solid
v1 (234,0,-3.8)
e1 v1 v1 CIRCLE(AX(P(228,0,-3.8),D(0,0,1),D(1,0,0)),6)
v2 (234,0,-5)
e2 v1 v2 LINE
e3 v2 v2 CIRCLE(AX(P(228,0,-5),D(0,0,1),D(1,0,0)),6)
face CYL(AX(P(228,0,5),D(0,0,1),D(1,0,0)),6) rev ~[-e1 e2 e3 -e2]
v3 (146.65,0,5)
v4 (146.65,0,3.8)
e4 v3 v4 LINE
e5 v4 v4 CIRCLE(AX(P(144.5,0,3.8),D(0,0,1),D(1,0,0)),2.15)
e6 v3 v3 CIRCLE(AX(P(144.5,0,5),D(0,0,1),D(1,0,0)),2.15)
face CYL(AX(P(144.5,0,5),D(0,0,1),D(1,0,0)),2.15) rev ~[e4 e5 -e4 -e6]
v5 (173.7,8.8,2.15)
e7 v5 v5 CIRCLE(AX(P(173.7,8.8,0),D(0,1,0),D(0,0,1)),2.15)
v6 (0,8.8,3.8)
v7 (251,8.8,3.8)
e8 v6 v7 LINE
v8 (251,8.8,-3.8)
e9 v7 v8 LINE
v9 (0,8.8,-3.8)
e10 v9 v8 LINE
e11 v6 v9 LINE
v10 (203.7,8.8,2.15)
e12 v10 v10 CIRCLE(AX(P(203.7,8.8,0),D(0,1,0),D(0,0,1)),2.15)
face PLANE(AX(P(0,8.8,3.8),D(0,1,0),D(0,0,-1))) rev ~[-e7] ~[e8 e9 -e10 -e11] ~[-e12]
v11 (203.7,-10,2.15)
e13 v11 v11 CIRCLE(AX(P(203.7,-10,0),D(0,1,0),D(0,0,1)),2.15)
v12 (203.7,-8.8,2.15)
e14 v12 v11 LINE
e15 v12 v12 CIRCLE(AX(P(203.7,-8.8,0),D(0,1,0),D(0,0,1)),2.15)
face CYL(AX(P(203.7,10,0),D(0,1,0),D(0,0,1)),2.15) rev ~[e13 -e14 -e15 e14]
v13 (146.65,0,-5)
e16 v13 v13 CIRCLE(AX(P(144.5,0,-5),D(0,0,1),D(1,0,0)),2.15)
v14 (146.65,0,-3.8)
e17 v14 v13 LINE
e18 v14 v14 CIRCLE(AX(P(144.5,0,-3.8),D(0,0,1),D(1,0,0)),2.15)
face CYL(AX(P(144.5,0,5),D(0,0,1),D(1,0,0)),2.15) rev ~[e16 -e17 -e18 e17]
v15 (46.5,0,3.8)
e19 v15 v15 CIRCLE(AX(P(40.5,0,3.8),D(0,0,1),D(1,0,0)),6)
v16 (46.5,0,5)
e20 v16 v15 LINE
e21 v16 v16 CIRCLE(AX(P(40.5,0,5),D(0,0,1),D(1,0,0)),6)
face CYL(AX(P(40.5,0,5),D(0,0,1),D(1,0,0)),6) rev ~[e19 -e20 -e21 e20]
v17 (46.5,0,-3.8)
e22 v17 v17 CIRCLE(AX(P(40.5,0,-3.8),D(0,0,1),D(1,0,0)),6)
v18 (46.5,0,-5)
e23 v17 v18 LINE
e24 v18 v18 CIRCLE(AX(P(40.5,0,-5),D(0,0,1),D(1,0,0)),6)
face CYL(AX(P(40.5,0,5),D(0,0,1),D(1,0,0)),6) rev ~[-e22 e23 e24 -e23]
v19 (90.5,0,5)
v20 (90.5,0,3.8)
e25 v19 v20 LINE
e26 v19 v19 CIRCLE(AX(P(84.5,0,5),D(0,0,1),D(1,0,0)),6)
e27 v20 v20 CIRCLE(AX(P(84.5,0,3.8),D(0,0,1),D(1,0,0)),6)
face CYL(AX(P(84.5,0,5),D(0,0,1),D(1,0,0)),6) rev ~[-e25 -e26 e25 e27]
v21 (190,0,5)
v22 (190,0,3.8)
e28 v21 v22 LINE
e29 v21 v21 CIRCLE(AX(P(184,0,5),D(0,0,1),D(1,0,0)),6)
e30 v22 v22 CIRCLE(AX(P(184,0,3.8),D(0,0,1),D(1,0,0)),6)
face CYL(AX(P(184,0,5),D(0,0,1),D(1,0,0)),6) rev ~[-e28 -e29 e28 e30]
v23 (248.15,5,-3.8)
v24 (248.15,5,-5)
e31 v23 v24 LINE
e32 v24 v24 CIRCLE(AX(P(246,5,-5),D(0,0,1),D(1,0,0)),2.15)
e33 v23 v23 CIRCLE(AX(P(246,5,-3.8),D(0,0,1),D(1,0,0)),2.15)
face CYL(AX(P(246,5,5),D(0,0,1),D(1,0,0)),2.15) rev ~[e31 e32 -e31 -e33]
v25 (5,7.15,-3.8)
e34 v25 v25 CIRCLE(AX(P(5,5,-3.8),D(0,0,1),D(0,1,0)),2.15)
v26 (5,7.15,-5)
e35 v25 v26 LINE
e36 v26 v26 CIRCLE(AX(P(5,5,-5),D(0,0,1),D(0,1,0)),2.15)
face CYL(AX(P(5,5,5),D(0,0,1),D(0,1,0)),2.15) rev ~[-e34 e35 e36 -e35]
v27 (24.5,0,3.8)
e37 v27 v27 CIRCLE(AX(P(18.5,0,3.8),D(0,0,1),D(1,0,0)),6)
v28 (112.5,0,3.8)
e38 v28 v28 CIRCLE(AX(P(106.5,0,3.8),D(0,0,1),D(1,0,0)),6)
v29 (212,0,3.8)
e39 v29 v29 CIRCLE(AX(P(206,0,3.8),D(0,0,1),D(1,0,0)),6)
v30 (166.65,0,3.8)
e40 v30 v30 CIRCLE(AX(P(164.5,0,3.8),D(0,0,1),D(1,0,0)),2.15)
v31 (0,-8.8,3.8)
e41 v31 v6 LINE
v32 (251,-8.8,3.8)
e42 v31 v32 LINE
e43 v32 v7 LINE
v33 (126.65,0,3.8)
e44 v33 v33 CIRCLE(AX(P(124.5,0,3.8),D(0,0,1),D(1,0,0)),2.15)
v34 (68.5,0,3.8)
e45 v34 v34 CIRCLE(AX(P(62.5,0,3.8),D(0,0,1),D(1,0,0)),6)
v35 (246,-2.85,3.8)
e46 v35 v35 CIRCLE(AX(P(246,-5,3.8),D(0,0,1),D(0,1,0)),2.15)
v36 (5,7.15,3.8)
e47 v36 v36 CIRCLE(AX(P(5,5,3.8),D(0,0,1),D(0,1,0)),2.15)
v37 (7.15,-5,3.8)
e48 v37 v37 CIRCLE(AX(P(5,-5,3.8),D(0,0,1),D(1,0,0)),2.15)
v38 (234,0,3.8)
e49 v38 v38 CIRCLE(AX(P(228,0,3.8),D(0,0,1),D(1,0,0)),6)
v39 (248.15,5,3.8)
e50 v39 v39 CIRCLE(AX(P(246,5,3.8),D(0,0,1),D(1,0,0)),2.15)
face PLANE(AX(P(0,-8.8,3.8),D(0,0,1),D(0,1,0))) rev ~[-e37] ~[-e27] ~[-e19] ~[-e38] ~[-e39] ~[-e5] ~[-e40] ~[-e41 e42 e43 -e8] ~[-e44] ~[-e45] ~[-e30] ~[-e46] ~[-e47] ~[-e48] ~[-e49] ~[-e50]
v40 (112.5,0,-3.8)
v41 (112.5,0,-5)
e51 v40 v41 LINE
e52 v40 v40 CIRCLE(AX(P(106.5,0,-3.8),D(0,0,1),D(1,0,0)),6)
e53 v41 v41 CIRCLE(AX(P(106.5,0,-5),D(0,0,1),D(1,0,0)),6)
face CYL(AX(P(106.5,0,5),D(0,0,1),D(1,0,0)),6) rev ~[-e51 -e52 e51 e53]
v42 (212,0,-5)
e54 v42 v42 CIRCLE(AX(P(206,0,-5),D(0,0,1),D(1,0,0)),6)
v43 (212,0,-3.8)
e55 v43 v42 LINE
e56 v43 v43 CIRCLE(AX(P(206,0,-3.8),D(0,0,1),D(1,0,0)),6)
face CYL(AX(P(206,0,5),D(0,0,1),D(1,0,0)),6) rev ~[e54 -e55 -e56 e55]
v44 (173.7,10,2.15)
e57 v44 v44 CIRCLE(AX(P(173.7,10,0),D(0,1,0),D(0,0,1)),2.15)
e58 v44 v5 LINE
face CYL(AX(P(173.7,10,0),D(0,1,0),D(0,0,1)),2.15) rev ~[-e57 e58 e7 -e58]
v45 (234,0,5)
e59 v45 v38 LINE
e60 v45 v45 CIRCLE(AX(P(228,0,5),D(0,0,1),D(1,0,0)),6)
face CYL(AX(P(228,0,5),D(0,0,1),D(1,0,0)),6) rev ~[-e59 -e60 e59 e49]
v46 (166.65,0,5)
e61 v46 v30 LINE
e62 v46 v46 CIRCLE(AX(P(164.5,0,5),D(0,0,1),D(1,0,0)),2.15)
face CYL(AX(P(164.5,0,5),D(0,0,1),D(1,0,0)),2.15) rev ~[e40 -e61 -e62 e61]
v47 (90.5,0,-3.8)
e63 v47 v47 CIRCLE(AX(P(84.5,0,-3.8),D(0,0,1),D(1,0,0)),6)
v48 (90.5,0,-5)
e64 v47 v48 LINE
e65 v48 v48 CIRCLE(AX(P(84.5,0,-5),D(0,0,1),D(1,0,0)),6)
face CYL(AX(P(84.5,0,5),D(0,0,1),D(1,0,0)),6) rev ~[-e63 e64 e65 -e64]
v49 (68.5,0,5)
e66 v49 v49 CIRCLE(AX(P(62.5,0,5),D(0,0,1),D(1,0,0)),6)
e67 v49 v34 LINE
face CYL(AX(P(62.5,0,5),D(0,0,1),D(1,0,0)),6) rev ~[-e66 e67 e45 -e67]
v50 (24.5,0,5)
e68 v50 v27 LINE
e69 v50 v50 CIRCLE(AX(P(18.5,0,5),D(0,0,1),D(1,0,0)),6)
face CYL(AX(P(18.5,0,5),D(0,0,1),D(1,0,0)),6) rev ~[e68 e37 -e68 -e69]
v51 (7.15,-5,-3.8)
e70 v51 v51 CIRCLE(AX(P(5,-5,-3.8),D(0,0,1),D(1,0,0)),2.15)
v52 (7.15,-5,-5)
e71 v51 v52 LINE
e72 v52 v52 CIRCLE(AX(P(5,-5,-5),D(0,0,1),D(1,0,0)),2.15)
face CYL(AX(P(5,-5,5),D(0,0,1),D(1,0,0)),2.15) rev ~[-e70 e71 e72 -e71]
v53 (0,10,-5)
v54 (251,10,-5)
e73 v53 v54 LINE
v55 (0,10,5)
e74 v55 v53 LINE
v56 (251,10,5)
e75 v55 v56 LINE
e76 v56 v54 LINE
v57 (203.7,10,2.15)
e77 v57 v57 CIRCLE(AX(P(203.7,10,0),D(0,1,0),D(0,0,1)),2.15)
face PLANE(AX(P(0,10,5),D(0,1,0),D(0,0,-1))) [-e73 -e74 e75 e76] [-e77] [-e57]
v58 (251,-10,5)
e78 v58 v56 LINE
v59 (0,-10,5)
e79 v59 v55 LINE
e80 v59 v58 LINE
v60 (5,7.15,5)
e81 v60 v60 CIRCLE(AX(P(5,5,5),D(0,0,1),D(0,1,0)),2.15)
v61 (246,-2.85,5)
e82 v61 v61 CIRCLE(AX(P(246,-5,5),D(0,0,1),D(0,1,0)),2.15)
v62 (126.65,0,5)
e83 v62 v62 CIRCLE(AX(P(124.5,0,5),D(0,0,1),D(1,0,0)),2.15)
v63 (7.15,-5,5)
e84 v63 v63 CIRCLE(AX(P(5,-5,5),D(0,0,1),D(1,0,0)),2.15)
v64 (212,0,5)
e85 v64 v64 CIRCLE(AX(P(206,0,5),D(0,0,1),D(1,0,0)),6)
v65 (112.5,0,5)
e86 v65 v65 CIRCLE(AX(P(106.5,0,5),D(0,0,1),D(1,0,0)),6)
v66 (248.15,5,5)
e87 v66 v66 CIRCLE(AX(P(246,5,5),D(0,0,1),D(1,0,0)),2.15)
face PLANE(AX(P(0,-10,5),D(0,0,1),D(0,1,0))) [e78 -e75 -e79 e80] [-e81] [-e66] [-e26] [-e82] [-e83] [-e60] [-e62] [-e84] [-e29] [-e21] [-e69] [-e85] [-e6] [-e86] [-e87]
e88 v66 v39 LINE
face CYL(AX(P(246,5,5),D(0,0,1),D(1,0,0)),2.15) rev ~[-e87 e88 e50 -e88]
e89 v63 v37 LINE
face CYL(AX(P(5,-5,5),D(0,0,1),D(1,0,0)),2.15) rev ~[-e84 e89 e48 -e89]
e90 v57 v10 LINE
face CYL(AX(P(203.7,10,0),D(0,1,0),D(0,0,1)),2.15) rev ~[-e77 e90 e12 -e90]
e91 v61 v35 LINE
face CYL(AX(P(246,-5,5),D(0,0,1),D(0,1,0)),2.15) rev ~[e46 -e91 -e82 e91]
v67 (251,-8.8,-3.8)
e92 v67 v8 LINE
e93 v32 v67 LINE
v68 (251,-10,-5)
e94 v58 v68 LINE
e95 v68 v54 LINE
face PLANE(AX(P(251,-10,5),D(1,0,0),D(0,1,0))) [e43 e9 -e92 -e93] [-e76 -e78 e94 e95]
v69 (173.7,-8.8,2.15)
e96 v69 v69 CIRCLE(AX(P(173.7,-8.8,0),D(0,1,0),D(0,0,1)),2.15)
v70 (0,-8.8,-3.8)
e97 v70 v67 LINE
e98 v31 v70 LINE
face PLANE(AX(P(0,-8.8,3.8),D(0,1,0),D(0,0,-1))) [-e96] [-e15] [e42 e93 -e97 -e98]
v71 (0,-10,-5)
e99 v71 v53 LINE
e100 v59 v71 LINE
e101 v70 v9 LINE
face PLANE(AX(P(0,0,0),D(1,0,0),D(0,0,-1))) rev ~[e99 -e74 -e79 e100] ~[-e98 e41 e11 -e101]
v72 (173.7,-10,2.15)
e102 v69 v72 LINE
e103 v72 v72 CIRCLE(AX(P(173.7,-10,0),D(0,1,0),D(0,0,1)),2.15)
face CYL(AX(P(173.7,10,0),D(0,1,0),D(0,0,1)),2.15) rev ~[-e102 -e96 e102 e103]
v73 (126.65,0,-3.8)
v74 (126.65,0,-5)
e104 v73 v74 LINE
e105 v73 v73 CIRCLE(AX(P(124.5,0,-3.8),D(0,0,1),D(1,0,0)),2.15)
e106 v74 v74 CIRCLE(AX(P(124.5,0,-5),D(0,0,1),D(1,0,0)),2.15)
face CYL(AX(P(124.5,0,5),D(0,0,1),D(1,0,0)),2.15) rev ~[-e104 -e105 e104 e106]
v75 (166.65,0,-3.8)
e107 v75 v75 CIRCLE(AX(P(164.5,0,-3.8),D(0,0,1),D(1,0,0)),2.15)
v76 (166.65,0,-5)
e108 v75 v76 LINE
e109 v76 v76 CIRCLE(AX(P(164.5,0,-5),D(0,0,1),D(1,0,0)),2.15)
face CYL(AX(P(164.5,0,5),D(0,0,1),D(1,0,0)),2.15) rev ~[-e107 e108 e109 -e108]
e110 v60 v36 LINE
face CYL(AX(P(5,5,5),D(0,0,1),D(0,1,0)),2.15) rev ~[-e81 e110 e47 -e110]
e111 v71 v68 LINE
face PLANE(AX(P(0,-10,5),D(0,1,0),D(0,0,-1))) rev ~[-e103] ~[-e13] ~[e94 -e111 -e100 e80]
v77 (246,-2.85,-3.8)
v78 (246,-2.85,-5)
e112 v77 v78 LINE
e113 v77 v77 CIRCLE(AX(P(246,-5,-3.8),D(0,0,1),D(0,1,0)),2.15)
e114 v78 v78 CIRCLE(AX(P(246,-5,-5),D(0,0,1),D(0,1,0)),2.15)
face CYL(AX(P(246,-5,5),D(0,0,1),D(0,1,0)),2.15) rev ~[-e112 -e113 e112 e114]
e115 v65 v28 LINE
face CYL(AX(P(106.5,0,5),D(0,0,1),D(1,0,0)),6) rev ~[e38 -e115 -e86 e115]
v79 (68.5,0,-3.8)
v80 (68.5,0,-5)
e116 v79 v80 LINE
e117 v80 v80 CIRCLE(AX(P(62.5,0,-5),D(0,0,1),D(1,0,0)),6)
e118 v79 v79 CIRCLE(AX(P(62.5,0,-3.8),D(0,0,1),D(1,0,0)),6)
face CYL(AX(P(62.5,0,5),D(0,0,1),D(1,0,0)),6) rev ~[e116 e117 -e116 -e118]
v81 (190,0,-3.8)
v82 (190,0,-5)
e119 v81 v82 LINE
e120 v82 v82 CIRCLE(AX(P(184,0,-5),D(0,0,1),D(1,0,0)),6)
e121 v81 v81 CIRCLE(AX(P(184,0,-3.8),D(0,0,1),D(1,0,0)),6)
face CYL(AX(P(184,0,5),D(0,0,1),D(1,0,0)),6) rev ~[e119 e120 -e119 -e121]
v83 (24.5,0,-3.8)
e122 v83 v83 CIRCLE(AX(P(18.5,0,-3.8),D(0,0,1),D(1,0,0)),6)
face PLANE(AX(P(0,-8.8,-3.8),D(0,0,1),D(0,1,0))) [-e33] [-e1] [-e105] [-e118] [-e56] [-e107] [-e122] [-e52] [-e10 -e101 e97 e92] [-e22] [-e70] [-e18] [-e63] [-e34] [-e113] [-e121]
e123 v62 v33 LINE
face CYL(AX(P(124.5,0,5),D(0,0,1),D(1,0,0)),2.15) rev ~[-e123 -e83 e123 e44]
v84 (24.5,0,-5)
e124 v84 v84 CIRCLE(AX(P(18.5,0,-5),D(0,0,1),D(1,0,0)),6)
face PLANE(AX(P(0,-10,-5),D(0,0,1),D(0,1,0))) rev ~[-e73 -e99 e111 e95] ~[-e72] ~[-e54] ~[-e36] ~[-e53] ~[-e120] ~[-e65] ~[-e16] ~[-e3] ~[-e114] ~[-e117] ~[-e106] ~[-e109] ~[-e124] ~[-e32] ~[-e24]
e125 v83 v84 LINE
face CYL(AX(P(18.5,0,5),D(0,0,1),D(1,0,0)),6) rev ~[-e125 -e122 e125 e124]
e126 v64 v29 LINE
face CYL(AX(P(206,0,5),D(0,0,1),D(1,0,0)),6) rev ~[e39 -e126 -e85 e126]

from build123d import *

# Parameters (mm, degrees)
SKETCH_1_W          = 10
SKETCH_1_H          = 20
SKETCH_1_W_2        = 7.6
SKETCH_1_H_2        = 17.6
EXTRUDE_1_DEPTH     = 350
SKETCH_2_R          = 2.15
SKETCH_2_R_2        = 6
CUT_EXTRUDE_1_DEPTH = 351.285597763
SKETCH_3_R          = 3.175
SKETCH_3_R_2        = 2.15
CUT_EXTRUDE_2_DEPTH = 351.606617165
CUT_EXTRUDE_3_REACH = 352.286
SKETCH_4_W          = 99
SKETCH_4_H          = 20


with BuildPart() as part:
    # ｽｹｯﾁ1 → 押し出し-薄板1 (new body)
    with BuildSketch(Plane(origin=(0, 0, 0), x_dir=(0, 0, -1), z_dir=(1, 0, 0))):
        Rectangle(SKETCH_1_W, SKETCH_1_H)
        Rectangle(SKETCH_1_W_2, SKETCH_1_H_2, mode=Mode.SUBTRACT)
    extrude(amount=EXTRUDE_1_DEPTH)

    # ｽｹｯﾁ2 → ｶｯﾄ - 押し出し1 (cut, through all)
    with BuildSketch(Plane.XY.offset(5)):
        with Locations((246, 5)):
            Circle(SKETCH_2_R)
        with Locations(Location((246, -5, 0), (0, 0, 90))):
            Circle(SKETCH_2_R)
        with Locations((5, -5)):
            Circle(SKETCH_2_R)
        with Locations(Location((5, 5, 0), (0, 0, 90))):
            Circle(SKETCH_2_R)
        with Locations((164.5, 0)):
            Circle(SKETCH_2_R)
        with Locations((144.5, 0)):
            Circle(SKETCH_2_R)
        with Locations((124.5, 0)):
            Circle(SKETCH_2_R)
        with Locations((330, 0)):
            Circle(SKETCH_2_R_2)
        with Locations((308, 0)):
            Circle(SKETCH_2_R_2)
        with Locations((286, 0)):
            Circle(SKETCH_2_R_2)
        with Locations((264, 0)):
            Circle(SKETCH_2_R_2)
        with Locations((228, 0)):
            Circle(SKETCH_2_R_2)
        with Locations((206, 0)):
            Circle(SKETCH_2_R_2)
        with Locations((184, 0)):
            Circle(SKETCH_2_R_2)
        with Locations((106.5, 0)):
            Circle(SKETCH_2_R_2)
        with Locations((84.5, 0)):
            Circle(SKETCH_2_R_2)
        with Locations((62.5, 0)):
            Circle(SKETCH_2_R_2)
        with Locations((40.5, 0)):
            Circle(SKETCH_2_R_2)
        with Locations((18.5, 0)):
            Circle(SKETCH_2_R_2)
    extrude(amount=-CUT_EXTRUDE_1_DEPTH, mode=Mode.SUBTRACT)

    # ｽｹｯﾁ3 → ｶｯﾄ - 押し出し2 (cut, through all)
    with BuildSketch(Plane(origin=(0, 10, 0), x_dir=(1, 0, 0), z_dir=(0, 1, 0))):
        with Locations(Location((343.25, 0, 0), (0, 0, 270))):
            Circle(SKETCH_3_R)
        with Locations(Location((173.7, 0, 0), (0, 0, 270))):
            Circle(SKETCH_3_R_2)
        with Locations(Location((203.7, 0, 0), (0, 0, 270))):
            Circle(SKETCH_3_R_2)
    extrude(amount=-CUT_EXTRUDE_2_DEPTH, mode=Mode.SUBTRACT)

    # ｶｯﾄ - 押し出し3: up to this face of the body (flat: up to its plane)
    cut_extrude_3_end = Plane(part.part.faces().sort_by_distance((175.381114236, 0, -5))[0])
    # ｽｹｯﾁ4 → ｶｯﾄ - 押し出し3 (cut, up to the picked face)
    with BuildSketch(Plane.XY.offset(5), mode=Mode.PRIVATE) as cut_extrude_3_sk1:
        with Locations((300.5, 0)):
            Rectangle(SKETCH_4_W, SKETCH_4_H)
    cut_extrude_3_tool1 = split(extrude(cut_extrude_3_sk1.sketch, amount=-CUT_EXTRUDE_3_REACH, mode=Mode.PRIVATE), bisect_by=cut_extrude_3_end, keep=Keep.BOTH, mode=Mode.PRIVATE)
    add(cut_extrude_3_tool1.solids().sort_by(Axis((300.5, 0, 5), (0, 0, -1)))[0], mode=Mode.SUBTRACT)


solid = part.part
